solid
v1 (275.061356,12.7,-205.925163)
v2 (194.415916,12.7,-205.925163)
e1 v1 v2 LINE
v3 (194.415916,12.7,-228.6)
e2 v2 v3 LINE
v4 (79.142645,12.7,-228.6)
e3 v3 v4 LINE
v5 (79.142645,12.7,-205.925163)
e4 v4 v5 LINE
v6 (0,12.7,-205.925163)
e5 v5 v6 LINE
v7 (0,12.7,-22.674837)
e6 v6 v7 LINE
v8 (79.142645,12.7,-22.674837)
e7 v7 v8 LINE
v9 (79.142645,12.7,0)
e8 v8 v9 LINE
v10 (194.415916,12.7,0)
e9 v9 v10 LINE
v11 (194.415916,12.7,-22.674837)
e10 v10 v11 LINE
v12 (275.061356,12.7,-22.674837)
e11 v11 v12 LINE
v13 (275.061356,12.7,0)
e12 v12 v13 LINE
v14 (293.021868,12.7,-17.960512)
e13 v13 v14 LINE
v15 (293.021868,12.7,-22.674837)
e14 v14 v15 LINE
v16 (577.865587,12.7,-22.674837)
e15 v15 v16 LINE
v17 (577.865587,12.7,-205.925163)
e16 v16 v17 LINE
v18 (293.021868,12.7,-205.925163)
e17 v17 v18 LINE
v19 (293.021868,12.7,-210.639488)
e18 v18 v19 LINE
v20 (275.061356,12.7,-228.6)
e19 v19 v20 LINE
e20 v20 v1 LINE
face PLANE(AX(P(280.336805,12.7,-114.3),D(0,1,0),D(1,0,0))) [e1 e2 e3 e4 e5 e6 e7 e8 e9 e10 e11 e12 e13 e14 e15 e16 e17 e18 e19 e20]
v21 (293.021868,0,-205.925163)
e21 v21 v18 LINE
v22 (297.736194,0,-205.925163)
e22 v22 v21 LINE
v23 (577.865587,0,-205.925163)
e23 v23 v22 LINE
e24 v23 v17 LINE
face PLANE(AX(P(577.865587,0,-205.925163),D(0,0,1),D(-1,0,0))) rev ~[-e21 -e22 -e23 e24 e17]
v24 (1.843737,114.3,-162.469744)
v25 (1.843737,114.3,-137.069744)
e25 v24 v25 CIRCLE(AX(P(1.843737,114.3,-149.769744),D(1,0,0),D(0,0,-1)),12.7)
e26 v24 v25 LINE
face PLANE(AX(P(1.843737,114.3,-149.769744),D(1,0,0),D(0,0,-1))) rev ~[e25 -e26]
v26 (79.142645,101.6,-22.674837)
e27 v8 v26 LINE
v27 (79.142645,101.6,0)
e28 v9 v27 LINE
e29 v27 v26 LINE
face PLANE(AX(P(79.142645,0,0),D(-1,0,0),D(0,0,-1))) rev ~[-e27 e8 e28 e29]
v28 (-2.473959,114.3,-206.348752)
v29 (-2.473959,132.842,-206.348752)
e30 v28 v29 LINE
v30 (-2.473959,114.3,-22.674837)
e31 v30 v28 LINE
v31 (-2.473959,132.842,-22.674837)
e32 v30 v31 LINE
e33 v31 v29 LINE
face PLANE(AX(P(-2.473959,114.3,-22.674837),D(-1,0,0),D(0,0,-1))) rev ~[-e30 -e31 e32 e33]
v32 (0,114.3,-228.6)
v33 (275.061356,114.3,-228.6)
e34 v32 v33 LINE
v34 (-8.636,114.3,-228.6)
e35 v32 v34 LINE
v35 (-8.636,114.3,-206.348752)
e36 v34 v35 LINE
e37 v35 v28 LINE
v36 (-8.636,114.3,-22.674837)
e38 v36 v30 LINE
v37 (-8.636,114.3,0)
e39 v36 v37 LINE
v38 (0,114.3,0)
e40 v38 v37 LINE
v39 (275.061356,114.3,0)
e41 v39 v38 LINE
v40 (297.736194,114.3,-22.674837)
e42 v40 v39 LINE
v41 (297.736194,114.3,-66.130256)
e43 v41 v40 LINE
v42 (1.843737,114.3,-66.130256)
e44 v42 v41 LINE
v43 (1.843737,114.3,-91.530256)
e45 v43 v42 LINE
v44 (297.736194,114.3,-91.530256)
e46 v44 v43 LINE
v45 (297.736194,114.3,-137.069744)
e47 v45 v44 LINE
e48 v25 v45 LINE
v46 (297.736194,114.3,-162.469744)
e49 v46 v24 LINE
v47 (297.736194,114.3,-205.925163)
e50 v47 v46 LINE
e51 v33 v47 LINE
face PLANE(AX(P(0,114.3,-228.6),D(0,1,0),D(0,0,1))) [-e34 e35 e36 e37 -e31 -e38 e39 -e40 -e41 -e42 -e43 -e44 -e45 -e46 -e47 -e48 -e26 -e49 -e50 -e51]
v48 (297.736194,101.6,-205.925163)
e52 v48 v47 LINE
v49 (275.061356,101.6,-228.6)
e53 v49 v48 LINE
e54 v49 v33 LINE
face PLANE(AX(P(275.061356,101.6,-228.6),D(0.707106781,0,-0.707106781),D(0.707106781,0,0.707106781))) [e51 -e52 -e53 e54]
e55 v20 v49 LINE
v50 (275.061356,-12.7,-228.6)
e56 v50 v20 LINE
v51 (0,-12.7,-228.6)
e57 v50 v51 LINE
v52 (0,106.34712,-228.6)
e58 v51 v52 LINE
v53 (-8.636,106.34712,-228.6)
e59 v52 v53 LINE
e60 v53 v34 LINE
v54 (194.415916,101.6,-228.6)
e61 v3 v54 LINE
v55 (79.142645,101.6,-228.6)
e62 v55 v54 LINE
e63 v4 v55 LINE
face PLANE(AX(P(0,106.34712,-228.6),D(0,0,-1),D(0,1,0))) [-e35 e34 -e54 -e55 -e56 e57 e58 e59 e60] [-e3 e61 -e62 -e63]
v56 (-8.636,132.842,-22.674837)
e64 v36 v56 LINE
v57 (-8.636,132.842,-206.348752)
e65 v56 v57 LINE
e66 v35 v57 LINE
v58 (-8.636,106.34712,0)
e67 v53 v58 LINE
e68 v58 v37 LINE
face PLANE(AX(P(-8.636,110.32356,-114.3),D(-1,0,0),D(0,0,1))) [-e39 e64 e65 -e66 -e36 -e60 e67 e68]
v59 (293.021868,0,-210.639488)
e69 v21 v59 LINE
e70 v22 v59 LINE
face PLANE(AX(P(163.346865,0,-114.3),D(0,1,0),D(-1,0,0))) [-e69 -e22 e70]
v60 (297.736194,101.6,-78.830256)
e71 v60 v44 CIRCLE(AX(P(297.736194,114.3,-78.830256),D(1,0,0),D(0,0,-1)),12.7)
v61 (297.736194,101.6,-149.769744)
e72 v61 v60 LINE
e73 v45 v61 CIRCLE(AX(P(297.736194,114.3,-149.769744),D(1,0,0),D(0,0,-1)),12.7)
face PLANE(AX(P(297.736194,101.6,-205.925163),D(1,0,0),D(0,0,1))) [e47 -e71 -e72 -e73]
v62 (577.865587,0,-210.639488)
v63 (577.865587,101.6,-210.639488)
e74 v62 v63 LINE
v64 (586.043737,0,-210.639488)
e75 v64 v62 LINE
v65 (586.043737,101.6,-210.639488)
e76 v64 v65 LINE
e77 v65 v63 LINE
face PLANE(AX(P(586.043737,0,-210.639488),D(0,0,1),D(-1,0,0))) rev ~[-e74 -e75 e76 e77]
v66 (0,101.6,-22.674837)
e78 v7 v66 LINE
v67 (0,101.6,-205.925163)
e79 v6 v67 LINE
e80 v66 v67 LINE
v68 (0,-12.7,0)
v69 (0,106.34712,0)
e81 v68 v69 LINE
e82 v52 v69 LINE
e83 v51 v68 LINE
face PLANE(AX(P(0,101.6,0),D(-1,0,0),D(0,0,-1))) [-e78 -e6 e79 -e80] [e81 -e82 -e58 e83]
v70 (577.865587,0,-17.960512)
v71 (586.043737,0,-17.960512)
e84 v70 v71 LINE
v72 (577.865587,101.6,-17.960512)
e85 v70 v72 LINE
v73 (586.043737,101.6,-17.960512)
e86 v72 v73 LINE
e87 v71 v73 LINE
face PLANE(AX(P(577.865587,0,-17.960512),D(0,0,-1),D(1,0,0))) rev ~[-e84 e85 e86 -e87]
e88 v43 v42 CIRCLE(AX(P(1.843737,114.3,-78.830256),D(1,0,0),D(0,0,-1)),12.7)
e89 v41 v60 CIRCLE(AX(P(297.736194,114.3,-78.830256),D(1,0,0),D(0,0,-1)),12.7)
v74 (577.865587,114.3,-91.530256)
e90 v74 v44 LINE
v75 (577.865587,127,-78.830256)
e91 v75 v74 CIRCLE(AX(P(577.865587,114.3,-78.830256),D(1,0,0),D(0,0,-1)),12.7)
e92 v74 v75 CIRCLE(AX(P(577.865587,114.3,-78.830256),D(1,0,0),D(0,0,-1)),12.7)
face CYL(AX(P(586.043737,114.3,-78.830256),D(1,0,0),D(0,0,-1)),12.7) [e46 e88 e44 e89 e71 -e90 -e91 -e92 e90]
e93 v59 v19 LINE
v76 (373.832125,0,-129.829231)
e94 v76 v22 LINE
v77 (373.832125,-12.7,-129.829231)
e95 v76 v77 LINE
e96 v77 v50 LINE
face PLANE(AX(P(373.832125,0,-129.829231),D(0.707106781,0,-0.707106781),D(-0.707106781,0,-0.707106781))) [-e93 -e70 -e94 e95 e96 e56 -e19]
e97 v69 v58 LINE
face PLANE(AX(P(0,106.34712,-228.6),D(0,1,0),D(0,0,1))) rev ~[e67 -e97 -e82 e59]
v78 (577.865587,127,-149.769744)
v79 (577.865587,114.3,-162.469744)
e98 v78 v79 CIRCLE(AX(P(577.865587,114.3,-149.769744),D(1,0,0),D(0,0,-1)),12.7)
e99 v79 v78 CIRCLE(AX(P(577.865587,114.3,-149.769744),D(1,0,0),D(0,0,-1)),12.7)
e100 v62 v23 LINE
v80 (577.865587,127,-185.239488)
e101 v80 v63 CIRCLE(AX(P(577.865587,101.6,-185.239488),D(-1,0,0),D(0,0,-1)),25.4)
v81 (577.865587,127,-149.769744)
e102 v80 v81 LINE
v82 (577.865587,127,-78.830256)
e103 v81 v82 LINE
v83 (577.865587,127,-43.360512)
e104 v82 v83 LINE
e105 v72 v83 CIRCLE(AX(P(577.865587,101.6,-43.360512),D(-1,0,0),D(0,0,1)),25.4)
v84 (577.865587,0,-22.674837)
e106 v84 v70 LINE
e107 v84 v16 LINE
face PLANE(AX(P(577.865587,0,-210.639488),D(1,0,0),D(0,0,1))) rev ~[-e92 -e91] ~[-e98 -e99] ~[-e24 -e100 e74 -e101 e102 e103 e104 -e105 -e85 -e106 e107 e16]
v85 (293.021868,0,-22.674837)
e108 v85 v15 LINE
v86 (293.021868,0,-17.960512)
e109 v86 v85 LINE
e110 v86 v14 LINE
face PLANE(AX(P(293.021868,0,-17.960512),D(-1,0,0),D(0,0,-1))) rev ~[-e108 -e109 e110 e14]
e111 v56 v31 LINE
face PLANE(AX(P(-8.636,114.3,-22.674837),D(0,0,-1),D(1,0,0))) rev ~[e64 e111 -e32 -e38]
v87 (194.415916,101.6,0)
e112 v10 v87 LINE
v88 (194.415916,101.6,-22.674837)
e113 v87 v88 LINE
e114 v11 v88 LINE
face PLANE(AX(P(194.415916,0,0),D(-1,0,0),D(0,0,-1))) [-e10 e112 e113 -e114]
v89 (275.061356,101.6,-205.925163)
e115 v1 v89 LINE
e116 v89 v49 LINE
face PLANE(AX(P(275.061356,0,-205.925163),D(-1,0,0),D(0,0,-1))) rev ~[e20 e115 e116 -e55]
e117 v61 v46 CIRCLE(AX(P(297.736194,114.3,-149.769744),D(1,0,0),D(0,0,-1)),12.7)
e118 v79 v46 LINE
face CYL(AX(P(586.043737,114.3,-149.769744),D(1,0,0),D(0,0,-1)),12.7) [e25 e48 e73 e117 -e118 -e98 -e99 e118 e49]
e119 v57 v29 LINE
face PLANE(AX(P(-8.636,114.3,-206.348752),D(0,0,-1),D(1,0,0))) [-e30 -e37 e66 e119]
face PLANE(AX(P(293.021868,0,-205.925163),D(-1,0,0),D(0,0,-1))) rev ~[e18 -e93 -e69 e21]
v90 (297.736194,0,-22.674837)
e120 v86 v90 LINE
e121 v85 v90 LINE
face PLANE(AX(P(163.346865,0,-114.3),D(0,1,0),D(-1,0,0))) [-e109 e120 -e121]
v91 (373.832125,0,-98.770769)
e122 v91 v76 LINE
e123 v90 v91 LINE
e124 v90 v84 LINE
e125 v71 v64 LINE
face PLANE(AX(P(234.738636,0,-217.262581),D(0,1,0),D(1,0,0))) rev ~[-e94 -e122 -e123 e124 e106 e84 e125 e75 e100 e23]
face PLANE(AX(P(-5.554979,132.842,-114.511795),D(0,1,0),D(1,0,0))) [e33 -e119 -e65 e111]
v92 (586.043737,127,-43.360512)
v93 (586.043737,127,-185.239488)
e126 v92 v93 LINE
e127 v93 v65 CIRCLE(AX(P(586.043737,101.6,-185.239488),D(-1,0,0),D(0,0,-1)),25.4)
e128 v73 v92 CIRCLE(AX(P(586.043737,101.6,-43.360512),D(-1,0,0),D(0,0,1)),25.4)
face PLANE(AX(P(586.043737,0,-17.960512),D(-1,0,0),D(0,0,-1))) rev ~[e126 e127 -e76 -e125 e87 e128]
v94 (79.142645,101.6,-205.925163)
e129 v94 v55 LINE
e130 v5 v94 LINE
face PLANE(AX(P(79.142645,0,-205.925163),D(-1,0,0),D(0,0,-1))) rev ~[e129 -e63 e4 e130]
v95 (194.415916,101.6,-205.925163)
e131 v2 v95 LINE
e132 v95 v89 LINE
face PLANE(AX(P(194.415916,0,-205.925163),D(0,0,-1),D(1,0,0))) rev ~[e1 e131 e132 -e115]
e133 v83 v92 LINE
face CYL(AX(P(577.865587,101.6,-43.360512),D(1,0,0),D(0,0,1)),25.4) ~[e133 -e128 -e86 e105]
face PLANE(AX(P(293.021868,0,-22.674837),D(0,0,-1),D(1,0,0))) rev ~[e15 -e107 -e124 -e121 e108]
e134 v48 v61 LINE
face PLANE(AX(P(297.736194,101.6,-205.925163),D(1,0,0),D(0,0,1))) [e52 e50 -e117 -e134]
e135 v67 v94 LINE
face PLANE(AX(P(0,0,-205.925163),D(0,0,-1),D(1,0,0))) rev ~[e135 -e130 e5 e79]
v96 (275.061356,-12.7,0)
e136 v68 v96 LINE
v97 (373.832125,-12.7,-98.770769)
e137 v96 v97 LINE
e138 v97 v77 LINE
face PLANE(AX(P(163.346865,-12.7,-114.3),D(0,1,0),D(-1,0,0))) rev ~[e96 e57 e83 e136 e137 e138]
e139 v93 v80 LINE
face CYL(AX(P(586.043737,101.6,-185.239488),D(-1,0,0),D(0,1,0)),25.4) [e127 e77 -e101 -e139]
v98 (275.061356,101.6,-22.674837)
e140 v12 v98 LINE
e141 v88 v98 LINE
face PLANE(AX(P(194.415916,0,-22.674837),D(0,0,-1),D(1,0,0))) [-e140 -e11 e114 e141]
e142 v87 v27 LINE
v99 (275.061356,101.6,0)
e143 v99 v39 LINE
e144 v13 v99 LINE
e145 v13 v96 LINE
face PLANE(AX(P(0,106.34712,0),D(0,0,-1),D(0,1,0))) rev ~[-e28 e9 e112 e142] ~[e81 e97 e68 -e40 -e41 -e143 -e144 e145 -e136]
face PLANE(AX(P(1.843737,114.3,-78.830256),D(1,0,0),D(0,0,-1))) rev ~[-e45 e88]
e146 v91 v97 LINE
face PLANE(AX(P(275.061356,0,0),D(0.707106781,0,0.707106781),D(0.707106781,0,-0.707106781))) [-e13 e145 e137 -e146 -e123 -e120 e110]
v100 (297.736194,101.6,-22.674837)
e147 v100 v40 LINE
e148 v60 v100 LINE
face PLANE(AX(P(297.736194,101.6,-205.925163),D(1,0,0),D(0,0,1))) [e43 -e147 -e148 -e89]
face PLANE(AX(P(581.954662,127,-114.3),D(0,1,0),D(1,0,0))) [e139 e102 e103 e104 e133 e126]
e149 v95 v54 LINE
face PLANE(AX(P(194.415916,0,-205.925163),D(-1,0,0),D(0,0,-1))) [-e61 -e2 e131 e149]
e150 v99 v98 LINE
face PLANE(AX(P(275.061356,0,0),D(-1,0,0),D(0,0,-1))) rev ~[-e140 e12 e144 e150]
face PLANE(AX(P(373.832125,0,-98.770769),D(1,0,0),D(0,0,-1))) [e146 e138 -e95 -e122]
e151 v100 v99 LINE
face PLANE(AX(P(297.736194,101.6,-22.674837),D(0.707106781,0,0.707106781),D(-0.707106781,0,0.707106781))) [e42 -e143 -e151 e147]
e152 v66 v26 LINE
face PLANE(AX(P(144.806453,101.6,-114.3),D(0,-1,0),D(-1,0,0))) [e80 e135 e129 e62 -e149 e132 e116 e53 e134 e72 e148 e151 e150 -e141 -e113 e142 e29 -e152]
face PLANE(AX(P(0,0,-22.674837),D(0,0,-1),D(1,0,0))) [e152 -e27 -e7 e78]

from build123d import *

# Parameters (mm, degrees)
BOSS_EXTRUDE1_DEPTH = 12.7
BOSS_EXTRUDE2_DEPTH = 127
FILLET1_R           = 25.4
FILLET2_R           = 25.4
SKETCH1_5_W         = 80.645440106
SKETCH1_5_H         = 22.674837422
SKETCH1_5_W_2       = 79.142645348
BOSS_EXTRUDE3_DEPTH = 101.6
BOSS_EXTRUDE4_DEPTH = 12.7
BOSS_EXTRUDE5_DEPTH = 12.7
SKETCH5_R           = 12.7
BOSS_EXTRUDE7_DEPTH = 584.2
SKETCH7_W           = 228.6
SKETCH7_H           = 7.952880345
BOSS_EXTRUDE8_DEPTH = 8.636
SKETCH8_W           = 6.162041428
SKETCH8_H           = 183.673914537
BOSS_EXTRUDE9_DEPTH = 18.542


with BuildPart() as part:
    # Sketch1 → Boss-Extrude1 (new body)
    with BuildSketch(Plane(origin=(0, 0, 0), x_dir=(1, 0, 0), z_dir=(0, 1, 0))):
        Polygon((79.142645348, 22.674837422), (79.142645348, 0), (194.415916135, 0), (194.415916135, 22.674837422), (275.061356241, 22.674837422), (275.061356241, 0), (293.021868483, 17.960512242), (293.021868483, 22.674837422), (577.865587161, 22.674837422), (577.865587161, 114.3), (577.865587161, 205.925162578), (293.021868483, 205.925162578), (293.021868483, 210.639487758), (275.061356241, 228.6), (275.061356241, 205.925162578), (194.415916135, 205.925162578), (194.415916135, 228.6), (79.142645348, 228.6), (79.142645348, 205.925162578), (0, 205.925162578), (0, 22.674837422), align=None)
    extrude(amount=BOSS_EXTRUDE1_DEPTH)

    # Sketch1<4> → Boss-Extrude2 (add)
    with BuildSketch(Plane(origin=(0, 0, 0), x_dir=(1, 0, 0), z_dir=(0, 1, 0))):
        Polygon((577.865587161, 22.674837422), (577.865587161, 17.960512242), (586.043736966, 17.960512242), (586.043736966, 22.674837422), (586.043736966, 114.3), (586.043736966, 205.925162578), (586.043736966, 210.639487758), (577.865587161, 210.639487758), (577.865587161, 205.925162578), (577.865587161, 114.3), align=None)
    extrude(amount=BOSS_EXTRUDE2_DEPTH)

    # Fillet1
    fillet1_edges = [part.edges().sort_by_distance(p)[0] for p in [
        (581.954662063, 127, -17.960512242),
    ]]
    fillet(fillet1_edges, radius=FILLET1_R)

    # Fillet2
    fillet2_edges = [part.edges().sort_by_distance(p)[0] for p in [
        (581.954662063, 127, -210.639487758),
    ]]
    fillet(fillet2_edges, radius=FILLET2_R)

    # Sketch1<5> → Boss-Extrude3 (add)
    with BuildSketch(Plane(origin=(0, 0, 0), x_dir=(1, 0, 0), z_dir=(0, 1, 0))):
        with Locations((234.738636188, 217.262581289)):
            Rectangle(SKETCH1_5_W, SKETCH1_5_H)
        with Locations((39.571322674, 217.262581289)):
            Rectangle(SKETCH1_5_W_2, SKETCH1_5_H)
        with Locations((234.738636188, 11.337418711)):
            Rectangle(SKETCH1_5_W, SKETCH1_5_H)
        with Locations((39.571322674, 11.337418711)):
            Rectangle(SKETCH1_5_W_2, SKETCH1_5_H)
    extrude(amount=BOSS_EXTRUDE3_DEPTH)

    # Sketch2 → Boss-Extrude4 (add)
    with BuildSketch(Plane.XZ):
        Polygon((275.061356241, 0), (373.832124936, -98.770768695), (373.832124936, -129.829231305), (275.061356241, -228.6), (0, -228.6), (0, 0), align=None)
    extrude(amount=BOSS_EXTRUDE4_DEPTH)

    # Sketch4 → Boss-Extrude5 (add)
    with BuildSketch(Plane(origin=(0, 101.6, 0), x_dir=(1, 0, 0), z_dir=(0, 1, 0))):
        Polygon((275.061356241, 228.6), (297.736193663, 205.925162578), (297.736193663, 22.674837422), (275.061356241, 0), (0, 0), (0, 228.6), align=None)
    extrude(amount=BOSS_EXTRUDE5_DEPTH)

    # Sketch5 → Boss-Extrude7 (add)
    with BuildSketch(Plane(origin=(586.043736966, 0, 0), x_dir=(0, 0, -1), z_dir=(1, 0, 0))):
        with Locations((78.830256121, 114.3)):
            Circle(SKETCH5_R)
        with Locations((149.769743879, 114.3)):
            Circle(SKETCH5_R)
    extrude(amount=-BOSS_EXTRUDE7_DEPTH)

    # Sketch7 → Boss-Extrude8 (add)
    with BuildSketch(Plane.ZY):
        with Locations((-114.3, 110.323559828)):
            Rectangle(SKETCH7_W, SKETCH7_H)
    extrude(amount=BOSS_EXTRUDE8_DEPTH)

    # Sketch8 → Boss-Extrude9 (add)
    with BuildSketch(Plane(origin=(0, 114.3, 0), x_dir=(1, 0, 0), z_dir=(0, 1, 0))):
        with Locations((-5.554979286, 114.511794691)):
            Rectangle(SKETCH8_W, SKETCH8_H)
    extrude(amount=BOSS_EXTRUDE9_DEPTH)


solid = part.part
